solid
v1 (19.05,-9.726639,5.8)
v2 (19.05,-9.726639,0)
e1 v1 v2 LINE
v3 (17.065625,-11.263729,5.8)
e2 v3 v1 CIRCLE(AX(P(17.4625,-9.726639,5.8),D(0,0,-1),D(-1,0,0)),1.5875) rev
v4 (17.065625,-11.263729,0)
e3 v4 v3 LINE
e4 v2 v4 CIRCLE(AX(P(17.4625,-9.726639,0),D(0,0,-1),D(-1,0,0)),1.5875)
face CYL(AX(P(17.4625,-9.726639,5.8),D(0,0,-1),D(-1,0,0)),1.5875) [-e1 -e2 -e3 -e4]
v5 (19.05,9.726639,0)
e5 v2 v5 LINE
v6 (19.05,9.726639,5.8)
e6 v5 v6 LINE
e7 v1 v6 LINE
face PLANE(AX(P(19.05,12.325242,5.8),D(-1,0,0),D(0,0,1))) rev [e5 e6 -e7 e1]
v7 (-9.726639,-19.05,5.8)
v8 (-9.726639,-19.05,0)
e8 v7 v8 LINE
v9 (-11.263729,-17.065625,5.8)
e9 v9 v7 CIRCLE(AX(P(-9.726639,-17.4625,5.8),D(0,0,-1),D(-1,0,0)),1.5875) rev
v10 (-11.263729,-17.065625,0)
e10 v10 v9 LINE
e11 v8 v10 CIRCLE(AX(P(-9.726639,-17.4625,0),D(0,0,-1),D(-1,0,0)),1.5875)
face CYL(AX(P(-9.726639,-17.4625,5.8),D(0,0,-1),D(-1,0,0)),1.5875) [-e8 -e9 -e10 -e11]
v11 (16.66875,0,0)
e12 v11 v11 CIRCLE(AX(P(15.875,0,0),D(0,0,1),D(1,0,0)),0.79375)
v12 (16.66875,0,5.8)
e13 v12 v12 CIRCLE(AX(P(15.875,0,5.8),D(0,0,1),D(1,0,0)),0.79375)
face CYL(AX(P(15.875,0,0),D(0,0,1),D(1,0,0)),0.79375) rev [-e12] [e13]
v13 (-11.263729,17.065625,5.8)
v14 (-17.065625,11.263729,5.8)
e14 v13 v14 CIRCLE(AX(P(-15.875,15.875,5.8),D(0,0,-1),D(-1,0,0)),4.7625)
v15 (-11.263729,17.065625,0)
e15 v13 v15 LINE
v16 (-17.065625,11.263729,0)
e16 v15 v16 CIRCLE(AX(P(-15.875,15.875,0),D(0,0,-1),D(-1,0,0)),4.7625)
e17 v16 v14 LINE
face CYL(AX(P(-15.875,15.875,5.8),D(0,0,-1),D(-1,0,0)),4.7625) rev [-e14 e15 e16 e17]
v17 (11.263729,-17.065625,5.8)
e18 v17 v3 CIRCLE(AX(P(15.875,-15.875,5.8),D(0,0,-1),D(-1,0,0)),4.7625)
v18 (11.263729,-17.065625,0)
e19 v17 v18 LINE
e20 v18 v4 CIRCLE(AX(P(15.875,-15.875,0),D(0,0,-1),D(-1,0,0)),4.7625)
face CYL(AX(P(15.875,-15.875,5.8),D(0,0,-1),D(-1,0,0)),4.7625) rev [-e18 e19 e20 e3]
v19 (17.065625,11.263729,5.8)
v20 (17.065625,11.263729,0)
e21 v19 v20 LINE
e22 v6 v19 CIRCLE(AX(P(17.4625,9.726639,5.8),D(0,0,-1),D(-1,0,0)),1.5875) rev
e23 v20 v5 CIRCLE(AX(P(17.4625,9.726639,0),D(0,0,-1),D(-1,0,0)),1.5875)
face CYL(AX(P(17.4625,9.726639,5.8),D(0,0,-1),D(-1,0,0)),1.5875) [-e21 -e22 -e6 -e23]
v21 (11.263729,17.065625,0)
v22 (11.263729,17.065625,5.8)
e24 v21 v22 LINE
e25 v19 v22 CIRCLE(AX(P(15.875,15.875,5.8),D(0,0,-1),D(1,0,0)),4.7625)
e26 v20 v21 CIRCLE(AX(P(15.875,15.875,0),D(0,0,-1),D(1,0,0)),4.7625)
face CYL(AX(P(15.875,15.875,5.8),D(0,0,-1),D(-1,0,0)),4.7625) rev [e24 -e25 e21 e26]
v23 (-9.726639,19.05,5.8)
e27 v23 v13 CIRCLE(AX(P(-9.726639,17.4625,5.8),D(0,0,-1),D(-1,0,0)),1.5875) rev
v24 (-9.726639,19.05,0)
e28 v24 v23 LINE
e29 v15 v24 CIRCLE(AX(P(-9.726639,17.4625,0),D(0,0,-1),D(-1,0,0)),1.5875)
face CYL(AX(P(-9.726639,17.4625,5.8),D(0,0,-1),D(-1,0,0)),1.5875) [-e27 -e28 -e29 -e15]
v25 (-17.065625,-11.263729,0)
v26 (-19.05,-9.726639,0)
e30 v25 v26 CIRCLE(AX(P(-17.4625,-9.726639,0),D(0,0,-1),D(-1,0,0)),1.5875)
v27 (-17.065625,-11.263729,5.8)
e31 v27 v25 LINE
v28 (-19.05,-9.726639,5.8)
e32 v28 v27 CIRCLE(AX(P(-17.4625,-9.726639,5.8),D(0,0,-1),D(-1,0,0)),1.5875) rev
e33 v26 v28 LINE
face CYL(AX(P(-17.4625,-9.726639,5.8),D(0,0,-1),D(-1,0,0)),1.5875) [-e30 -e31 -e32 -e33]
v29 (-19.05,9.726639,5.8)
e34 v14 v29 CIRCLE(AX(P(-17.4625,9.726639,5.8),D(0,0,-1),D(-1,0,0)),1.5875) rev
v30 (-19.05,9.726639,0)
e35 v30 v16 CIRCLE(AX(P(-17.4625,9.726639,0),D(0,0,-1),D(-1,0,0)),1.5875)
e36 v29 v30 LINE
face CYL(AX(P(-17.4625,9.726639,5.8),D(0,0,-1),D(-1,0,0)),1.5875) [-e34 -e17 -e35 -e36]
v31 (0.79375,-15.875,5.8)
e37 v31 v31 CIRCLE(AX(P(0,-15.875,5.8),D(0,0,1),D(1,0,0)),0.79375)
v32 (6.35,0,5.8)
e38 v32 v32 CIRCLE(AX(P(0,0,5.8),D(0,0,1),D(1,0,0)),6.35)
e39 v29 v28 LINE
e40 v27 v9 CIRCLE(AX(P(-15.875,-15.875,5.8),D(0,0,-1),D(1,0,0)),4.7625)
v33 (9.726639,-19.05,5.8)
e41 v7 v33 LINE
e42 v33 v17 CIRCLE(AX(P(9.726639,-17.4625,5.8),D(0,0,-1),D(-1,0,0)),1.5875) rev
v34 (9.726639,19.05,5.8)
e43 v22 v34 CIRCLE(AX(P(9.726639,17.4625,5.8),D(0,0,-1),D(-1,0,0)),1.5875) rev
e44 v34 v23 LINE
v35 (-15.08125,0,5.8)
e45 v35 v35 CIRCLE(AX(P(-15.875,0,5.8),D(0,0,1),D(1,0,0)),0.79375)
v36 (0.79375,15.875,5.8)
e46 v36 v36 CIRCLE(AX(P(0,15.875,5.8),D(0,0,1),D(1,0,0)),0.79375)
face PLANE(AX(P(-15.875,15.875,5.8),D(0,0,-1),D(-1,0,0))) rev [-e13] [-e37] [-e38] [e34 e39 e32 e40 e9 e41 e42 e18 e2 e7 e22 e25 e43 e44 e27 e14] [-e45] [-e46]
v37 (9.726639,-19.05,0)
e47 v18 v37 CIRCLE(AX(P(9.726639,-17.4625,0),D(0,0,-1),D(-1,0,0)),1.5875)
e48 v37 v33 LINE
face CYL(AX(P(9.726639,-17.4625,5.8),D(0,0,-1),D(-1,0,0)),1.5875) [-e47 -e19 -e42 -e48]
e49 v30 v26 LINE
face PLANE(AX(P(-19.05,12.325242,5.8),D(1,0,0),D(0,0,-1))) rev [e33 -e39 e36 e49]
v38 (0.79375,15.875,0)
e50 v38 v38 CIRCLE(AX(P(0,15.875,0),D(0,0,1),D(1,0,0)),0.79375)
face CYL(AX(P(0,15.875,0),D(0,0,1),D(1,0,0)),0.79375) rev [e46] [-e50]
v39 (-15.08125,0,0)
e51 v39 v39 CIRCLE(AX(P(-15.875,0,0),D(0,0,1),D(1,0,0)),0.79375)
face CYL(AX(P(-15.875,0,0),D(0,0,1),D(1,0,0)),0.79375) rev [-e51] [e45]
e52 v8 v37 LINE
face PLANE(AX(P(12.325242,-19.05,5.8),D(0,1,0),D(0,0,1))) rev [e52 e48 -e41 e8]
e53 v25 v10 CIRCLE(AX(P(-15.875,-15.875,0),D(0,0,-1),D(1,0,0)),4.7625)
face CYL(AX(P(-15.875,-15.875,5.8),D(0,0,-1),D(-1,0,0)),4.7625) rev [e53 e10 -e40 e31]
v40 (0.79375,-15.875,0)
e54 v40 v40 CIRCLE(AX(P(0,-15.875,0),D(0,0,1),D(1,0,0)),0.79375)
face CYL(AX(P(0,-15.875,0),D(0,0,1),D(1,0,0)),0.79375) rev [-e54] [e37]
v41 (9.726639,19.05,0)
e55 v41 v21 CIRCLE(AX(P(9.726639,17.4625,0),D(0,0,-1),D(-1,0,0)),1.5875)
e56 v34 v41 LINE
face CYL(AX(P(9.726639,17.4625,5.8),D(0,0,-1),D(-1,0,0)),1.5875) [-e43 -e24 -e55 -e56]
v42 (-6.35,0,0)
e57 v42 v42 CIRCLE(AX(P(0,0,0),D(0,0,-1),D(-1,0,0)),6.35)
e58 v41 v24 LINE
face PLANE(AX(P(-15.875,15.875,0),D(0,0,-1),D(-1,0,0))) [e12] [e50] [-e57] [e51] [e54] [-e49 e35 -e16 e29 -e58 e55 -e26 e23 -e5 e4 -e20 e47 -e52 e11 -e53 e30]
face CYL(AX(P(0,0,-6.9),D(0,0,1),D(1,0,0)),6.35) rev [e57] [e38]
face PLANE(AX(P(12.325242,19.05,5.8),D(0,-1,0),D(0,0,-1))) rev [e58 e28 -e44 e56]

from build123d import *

# Parameters (mm, degrees)
BOSS_EXTRUDE1_DEPTH = 5.8
SKETCH2_R           = 0.79375
CUT_EXTRUDE1_DEPTH  = 28.558029683
SKETCH3_R           = 6.35
CUT_EXTRUDE2_DEPTH  = 12.7
FILLET1_R           = 1.5875


with BuildPart() as part:
    # Sketch1 → Boss-Extrude1 (new body)
    with BuildSketch(Plane.XY):
        with BuildLine():
            Line((12.325242086, 19.05), (-12.325242086, 19.05))
            ThreePointArc((-12.325242086, 19.05), (-12.507403955, 12.507403955), (-19.05, 12.325242086))
            Line((-19.05, 12.325242086), (-19.05, -12.325242086))
            ThreePointArc((-19.05, -12.325242086), (-12.507403955, -12.507403955), (-12.325242086, -19.05))
            Line((-12.325242086, -19.05), (12.325242086, -19.05))
            ThreePointArc((12.325242086, -19.05), (12.507403955, -12.507403955), (19.05, -12.325242086))
            Line((19.05, -12.325242086), (19.05, 12.325242086))
            ThreePointArc((19.05, 12.325242086), (12.507403955, 12.507403955), (12.325242086, 19.05))
        make_face()
    extrude(amount=BOSS_EXTRUDE1_DEPTH)

    # Sketch2 → Cut-Extrude1 (cut, through all)
    with BuildSketch(Plane.XY.offset(5.8)):
        with Locations((0, 15.875)):
            Circle(SKETCH2_R)
        with Locations((15.875, 0)):
            Circle(SKETCH2_R)
        with Locations((0, -15.875)):
            Circle(SKETCH2_R)
        with Locations((-15.875, 0)):
            Circle(SKETCH2_R)
    extrude(amount=-CUT_EXTRUDE1_DEPTH, mode=Mode.SUBTRACT)

    # Sketch3 → Cut-Extrude2 (cut)
    with BuildSketch(Plane.XY.offset(5.8)):
        Circle(SKETCH3_R)
    extrude(amount=-CUT_EXTRUDE2_DEPTH, mode=Mode.SUBTRACT)

    # Fillet1
    fillet1_edges = [part.edges().sort_by_distance(p)[0] for p in [
        (-12.325242086, 19.05, 2.9),
        (12.325242086, 19.05, 2.9),
        (19.05, 12.325242086, 2.9),
        (19.05, -12.325242086, 2.9),
        (12.325242086, -19.05, 2.9),
        (-12.325242086, -19.05, 2.9),
        (-19.05, -12.325242086, 2.9),
        (-19.05, 12.325242086, 2.9),
    ]]
    fillet(fillet1_edges, radius=FILLET1_R)


solid = part.part
